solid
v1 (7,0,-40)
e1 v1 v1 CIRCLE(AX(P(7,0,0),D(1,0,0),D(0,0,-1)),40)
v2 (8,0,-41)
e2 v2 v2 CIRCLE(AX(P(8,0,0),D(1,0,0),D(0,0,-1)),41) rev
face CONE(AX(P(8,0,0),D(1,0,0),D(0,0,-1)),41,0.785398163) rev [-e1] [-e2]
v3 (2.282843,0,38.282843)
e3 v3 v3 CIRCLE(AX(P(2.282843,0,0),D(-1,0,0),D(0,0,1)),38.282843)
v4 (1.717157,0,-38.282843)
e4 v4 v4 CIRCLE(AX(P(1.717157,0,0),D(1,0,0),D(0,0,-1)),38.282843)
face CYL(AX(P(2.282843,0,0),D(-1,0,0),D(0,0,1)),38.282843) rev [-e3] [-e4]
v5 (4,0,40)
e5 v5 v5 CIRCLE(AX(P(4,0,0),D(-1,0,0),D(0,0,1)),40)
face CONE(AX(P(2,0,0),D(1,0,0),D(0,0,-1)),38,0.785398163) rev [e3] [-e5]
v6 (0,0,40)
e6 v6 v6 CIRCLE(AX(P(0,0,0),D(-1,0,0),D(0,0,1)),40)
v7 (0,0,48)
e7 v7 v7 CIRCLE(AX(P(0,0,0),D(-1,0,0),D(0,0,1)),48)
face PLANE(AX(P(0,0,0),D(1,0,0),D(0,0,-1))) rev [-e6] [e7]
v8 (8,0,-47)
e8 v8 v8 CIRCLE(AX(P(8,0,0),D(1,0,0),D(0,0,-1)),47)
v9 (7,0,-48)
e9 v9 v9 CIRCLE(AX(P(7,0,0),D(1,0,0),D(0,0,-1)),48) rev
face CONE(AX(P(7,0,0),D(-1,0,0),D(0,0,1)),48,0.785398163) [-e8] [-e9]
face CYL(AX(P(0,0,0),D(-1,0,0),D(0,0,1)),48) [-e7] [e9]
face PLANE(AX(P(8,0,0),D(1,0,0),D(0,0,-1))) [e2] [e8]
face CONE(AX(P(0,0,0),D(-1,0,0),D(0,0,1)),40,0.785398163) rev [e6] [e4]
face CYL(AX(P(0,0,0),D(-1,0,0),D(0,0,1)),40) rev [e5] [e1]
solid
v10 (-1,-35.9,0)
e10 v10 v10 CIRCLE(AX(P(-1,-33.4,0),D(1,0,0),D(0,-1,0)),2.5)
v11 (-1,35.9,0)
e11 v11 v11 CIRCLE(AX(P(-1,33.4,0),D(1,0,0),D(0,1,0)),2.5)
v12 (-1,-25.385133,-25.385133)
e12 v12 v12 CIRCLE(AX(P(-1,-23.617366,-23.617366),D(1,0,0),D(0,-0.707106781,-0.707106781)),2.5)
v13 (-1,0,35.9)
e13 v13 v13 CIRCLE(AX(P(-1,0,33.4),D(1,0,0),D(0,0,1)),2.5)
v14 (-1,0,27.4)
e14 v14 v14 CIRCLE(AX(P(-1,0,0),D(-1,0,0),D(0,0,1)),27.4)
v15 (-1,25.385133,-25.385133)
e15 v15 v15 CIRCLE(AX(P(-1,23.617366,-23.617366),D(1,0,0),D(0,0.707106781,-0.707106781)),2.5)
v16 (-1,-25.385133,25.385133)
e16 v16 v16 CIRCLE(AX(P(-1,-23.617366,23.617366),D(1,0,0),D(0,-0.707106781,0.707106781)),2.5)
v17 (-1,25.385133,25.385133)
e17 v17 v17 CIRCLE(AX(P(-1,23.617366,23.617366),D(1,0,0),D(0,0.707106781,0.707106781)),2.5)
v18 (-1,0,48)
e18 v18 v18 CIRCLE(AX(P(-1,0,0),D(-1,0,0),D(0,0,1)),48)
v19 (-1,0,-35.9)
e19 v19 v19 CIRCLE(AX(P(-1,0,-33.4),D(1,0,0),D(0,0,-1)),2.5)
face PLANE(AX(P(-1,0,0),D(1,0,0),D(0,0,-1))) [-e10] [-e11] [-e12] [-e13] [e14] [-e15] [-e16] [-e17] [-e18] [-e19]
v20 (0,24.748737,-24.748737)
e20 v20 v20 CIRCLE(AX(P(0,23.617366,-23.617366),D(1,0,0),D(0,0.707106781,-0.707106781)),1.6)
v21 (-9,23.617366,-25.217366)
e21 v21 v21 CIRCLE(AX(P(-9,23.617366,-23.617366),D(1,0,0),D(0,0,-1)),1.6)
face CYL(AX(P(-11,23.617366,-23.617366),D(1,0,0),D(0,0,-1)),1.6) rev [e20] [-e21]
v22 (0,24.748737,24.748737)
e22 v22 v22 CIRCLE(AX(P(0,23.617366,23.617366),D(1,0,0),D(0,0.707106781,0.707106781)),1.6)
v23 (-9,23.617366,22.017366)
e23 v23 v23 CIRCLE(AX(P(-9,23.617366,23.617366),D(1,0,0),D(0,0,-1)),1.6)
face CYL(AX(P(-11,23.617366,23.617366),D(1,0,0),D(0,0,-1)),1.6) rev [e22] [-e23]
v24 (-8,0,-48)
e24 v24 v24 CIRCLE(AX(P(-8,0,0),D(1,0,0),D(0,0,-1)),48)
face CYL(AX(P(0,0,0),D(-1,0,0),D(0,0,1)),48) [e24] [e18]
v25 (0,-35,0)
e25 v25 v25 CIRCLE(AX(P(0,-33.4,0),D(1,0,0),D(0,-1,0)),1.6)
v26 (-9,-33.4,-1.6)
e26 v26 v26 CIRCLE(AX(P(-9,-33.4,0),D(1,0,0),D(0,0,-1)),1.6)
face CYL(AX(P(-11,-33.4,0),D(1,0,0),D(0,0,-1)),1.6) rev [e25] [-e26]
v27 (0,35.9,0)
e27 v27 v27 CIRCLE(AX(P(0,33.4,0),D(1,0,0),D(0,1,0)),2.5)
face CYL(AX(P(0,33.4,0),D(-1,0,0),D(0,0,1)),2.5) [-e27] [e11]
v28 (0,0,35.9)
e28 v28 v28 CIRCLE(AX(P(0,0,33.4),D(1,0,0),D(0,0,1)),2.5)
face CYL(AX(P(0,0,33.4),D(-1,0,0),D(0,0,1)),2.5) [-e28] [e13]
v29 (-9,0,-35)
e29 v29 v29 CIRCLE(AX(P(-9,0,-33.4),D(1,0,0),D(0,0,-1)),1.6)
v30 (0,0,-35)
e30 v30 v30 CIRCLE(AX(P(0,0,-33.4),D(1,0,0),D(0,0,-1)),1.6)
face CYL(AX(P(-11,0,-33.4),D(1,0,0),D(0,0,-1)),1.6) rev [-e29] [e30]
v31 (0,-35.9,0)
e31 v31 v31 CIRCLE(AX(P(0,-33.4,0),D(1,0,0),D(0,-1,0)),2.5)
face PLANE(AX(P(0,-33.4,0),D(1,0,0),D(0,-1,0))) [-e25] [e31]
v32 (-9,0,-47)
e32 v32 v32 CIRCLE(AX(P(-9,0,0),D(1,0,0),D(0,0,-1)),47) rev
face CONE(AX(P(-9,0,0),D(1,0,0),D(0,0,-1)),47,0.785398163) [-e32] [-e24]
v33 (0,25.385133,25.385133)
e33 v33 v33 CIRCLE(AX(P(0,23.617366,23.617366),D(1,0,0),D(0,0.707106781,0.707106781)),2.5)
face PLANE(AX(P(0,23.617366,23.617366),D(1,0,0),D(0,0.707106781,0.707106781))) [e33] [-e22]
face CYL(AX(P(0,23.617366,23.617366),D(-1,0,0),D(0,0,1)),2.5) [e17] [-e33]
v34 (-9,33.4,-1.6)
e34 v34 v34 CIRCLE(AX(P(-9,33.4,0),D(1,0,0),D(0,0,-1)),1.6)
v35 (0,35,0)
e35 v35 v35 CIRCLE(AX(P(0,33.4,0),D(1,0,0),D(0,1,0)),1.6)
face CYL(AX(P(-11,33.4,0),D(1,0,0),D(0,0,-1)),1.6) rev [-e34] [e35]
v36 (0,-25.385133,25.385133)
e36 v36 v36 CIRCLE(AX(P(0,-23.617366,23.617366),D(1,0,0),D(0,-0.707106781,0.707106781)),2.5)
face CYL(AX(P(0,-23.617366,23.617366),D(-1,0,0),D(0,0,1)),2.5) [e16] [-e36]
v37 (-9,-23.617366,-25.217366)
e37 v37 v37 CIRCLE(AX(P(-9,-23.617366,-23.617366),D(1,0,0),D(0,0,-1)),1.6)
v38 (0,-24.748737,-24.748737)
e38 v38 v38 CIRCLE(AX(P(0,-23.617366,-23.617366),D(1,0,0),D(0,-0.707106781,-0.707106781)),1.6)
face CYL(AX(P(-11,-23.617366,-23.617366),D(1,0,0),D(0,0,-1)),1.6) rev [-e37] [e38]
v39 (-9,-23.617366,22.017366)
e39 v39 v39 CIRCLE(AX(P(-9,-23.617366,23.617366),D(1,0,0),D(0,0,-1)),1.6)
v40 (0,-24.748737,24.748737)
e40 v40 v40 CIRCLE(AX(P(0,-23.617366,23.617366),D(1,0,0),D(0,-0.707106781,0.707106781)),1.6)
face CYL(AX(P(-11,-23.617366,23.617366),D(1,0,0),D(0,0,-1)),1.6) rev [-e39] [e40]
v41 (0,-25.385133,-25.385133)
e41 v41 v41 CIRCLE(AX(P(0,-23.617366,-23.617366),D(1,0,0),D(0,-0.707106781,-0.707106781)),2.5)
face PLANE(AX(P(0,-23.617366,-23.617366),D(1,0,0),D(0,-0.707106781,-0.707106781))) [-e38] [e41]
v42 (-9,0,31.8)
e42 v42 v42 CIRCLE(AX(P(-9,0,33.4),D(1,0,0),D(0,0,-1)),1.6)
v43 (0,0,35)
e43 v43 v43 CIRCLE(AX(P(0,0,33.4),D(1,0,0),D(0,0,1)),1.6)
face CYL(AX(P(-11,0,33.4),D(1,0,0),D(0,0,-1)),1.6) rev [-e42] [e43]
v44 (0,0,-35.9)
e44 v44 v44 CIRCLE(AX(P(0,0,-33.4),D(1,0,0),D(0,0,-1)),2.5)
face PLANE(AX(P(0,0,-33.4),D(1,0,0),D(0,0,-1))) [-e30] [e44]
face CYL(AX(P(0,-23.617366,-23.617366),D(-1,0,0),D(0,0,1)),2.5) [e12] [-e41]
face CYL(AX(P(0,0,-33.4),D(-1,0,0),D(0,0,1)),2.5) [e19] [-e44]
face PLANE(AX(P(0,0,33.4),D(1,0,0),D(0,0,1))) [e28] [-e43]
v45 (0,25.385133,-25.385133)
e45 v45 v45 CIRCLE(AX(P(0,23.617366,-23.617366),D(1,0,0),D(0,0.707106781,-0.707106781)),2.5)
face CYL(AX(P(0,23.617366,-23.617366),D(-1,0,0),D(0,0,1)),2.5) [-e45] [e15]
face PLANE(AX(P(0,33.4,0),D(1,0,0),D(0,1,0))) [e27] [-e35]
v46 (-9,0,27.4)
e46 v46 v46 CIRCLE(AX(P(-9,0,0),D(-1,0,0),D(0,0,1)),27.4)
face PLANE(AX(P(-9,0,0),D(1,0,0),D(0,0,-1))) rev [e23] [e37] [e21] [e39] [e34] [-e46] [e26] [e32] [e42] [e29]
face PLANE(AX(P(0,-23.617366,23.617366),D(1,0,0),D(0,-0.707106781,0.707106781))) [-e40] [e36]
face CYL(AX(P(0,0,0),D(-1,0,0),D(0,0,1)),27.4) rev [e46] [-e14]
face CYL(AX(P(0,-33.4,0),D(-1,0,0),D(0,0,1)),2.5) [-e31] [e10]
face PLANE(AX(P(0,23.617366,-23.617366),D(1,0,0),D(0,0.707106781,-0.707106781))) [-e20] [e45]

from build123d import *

# Parameters (mm, degrees)
SKETCH1_4_W         = 8
SKETCH1_4_H         = 20.6
SKETCH2_R           = 1.6
CUT_EXTRUDE1_DEPTH  = 10
SKETCH2_3_R         = 2.5
SKETCH2_3_R_2       = 1.6
BOSS_EXTRUDE1_DEPTH = 1
CIRPATTERN4_COUNT   = 8
CHAMFER4_SIZE       = 0.4
CHAMFER5_SIZE       = 1
CHAMFER6_SIZE       = 1


with BuildPart() as part:
    # Sketch1 → Revolve1 (revolve)
    with BuildSketch(Plane(origin=(0, 0, 0), x_dir=(1, 0, 0), z_dir=(0, 1, 0))):
        Polygon((2, 38), (4, 40), (8, 40), (8, 48), (0, 48), (0, 40), align=None)
    revolve(axis=Axis((0, 0, 0), (1, 0, 0)))

    # Chamfer4
    chamfer4_edges = [part.edges().sort_by_distance(p)[0] for p in [
        (2, 0, 38),
    ]]
    chamfer(chamfer4_edges, length=CHAMFER4_SIZE)

    # Chamfer5
    chamfer5_edges = [part.edges().sort_by_distance(p)[0] for p in [
        (8, 0, 48),
        (8, 0, 40),
    ]]
    chamfer(chamfer5_edges, length=CHAMFER5_SIZE)


with BuildPart() as body_2:
    # Sketch1<4> → Revolve2 (revolve)
    with BuildSketch(Plane(origin=(0, 0, 0), x_dir=(1, 0, 0), z_dir=(0, 1, 0))):
        with Locations((-5, 37.7)):
            Rectangle(SKETCH1_4_W, SKETCH1_4_H)
    revolve(axis=Axis((0, 0, 0), (1, 0, 0)))

    # Sketch2 → Cut-Extrude1 (cut)
    with BuildSketch(Plane(origin=(-1, 0, 0), x_dir=(0, 0, -1), z_dir=(1, 0, 0))):
        with Locations((33.4, 0)):
            Circle(SKETCH2_R)
    cut_extrude1 = extrude(amount=-CUT_EXTRUDE1_DEPTH, mode=Mode.SUBTRACT)

    # Sketch2<3> → Boss-Extrude1 (add)
    with BuildSketch(Plane(origin=(-1, 0, 0), x_dir=(0, 0, -1), z_dir=(1, 0, 0))):
        with Locations((33.4, 0)):
            Circle(SKETCH2_3_R)
        with Locations((33.4, 0)):
            Circle(SKETCH2_3_R_2, mode=Mode.SUBTRACT)
    boss_extrude1 = extrude(amount=BOSS_EXTRUDE1_DEPTH)

    # CirPattern4: Cut-Extrude1, Boss-Extrude1 ×8 about axis
    cirpattern4_axis = Axis((0, 0, 0), (-1, 0, 0))
    add([cut_extrude1.rotate(cirpattern4_axis, i * 360 / CIRPATTERN4_COUNT) for i in range(1, CIRPATTERN4_COUNT)], mode=Mode.SUBTRACT)
    add([boss_extrude1.rotate(cirpattern4_axis, i * 360 / CIRPATTERN4_COUNT) for i in range(1, CIRPATTERN4_COUNT)])

    # Chamfer6
    chamfer6_edges = [body_2.edges().sort_by_distance(p)[0] for p in [
        (-9, 0, 48),
    ]]
    chamfer(chamfer6_edges, length=CHAMFER6_SIZE)


solid = Compound([part.part, body_2.part])
